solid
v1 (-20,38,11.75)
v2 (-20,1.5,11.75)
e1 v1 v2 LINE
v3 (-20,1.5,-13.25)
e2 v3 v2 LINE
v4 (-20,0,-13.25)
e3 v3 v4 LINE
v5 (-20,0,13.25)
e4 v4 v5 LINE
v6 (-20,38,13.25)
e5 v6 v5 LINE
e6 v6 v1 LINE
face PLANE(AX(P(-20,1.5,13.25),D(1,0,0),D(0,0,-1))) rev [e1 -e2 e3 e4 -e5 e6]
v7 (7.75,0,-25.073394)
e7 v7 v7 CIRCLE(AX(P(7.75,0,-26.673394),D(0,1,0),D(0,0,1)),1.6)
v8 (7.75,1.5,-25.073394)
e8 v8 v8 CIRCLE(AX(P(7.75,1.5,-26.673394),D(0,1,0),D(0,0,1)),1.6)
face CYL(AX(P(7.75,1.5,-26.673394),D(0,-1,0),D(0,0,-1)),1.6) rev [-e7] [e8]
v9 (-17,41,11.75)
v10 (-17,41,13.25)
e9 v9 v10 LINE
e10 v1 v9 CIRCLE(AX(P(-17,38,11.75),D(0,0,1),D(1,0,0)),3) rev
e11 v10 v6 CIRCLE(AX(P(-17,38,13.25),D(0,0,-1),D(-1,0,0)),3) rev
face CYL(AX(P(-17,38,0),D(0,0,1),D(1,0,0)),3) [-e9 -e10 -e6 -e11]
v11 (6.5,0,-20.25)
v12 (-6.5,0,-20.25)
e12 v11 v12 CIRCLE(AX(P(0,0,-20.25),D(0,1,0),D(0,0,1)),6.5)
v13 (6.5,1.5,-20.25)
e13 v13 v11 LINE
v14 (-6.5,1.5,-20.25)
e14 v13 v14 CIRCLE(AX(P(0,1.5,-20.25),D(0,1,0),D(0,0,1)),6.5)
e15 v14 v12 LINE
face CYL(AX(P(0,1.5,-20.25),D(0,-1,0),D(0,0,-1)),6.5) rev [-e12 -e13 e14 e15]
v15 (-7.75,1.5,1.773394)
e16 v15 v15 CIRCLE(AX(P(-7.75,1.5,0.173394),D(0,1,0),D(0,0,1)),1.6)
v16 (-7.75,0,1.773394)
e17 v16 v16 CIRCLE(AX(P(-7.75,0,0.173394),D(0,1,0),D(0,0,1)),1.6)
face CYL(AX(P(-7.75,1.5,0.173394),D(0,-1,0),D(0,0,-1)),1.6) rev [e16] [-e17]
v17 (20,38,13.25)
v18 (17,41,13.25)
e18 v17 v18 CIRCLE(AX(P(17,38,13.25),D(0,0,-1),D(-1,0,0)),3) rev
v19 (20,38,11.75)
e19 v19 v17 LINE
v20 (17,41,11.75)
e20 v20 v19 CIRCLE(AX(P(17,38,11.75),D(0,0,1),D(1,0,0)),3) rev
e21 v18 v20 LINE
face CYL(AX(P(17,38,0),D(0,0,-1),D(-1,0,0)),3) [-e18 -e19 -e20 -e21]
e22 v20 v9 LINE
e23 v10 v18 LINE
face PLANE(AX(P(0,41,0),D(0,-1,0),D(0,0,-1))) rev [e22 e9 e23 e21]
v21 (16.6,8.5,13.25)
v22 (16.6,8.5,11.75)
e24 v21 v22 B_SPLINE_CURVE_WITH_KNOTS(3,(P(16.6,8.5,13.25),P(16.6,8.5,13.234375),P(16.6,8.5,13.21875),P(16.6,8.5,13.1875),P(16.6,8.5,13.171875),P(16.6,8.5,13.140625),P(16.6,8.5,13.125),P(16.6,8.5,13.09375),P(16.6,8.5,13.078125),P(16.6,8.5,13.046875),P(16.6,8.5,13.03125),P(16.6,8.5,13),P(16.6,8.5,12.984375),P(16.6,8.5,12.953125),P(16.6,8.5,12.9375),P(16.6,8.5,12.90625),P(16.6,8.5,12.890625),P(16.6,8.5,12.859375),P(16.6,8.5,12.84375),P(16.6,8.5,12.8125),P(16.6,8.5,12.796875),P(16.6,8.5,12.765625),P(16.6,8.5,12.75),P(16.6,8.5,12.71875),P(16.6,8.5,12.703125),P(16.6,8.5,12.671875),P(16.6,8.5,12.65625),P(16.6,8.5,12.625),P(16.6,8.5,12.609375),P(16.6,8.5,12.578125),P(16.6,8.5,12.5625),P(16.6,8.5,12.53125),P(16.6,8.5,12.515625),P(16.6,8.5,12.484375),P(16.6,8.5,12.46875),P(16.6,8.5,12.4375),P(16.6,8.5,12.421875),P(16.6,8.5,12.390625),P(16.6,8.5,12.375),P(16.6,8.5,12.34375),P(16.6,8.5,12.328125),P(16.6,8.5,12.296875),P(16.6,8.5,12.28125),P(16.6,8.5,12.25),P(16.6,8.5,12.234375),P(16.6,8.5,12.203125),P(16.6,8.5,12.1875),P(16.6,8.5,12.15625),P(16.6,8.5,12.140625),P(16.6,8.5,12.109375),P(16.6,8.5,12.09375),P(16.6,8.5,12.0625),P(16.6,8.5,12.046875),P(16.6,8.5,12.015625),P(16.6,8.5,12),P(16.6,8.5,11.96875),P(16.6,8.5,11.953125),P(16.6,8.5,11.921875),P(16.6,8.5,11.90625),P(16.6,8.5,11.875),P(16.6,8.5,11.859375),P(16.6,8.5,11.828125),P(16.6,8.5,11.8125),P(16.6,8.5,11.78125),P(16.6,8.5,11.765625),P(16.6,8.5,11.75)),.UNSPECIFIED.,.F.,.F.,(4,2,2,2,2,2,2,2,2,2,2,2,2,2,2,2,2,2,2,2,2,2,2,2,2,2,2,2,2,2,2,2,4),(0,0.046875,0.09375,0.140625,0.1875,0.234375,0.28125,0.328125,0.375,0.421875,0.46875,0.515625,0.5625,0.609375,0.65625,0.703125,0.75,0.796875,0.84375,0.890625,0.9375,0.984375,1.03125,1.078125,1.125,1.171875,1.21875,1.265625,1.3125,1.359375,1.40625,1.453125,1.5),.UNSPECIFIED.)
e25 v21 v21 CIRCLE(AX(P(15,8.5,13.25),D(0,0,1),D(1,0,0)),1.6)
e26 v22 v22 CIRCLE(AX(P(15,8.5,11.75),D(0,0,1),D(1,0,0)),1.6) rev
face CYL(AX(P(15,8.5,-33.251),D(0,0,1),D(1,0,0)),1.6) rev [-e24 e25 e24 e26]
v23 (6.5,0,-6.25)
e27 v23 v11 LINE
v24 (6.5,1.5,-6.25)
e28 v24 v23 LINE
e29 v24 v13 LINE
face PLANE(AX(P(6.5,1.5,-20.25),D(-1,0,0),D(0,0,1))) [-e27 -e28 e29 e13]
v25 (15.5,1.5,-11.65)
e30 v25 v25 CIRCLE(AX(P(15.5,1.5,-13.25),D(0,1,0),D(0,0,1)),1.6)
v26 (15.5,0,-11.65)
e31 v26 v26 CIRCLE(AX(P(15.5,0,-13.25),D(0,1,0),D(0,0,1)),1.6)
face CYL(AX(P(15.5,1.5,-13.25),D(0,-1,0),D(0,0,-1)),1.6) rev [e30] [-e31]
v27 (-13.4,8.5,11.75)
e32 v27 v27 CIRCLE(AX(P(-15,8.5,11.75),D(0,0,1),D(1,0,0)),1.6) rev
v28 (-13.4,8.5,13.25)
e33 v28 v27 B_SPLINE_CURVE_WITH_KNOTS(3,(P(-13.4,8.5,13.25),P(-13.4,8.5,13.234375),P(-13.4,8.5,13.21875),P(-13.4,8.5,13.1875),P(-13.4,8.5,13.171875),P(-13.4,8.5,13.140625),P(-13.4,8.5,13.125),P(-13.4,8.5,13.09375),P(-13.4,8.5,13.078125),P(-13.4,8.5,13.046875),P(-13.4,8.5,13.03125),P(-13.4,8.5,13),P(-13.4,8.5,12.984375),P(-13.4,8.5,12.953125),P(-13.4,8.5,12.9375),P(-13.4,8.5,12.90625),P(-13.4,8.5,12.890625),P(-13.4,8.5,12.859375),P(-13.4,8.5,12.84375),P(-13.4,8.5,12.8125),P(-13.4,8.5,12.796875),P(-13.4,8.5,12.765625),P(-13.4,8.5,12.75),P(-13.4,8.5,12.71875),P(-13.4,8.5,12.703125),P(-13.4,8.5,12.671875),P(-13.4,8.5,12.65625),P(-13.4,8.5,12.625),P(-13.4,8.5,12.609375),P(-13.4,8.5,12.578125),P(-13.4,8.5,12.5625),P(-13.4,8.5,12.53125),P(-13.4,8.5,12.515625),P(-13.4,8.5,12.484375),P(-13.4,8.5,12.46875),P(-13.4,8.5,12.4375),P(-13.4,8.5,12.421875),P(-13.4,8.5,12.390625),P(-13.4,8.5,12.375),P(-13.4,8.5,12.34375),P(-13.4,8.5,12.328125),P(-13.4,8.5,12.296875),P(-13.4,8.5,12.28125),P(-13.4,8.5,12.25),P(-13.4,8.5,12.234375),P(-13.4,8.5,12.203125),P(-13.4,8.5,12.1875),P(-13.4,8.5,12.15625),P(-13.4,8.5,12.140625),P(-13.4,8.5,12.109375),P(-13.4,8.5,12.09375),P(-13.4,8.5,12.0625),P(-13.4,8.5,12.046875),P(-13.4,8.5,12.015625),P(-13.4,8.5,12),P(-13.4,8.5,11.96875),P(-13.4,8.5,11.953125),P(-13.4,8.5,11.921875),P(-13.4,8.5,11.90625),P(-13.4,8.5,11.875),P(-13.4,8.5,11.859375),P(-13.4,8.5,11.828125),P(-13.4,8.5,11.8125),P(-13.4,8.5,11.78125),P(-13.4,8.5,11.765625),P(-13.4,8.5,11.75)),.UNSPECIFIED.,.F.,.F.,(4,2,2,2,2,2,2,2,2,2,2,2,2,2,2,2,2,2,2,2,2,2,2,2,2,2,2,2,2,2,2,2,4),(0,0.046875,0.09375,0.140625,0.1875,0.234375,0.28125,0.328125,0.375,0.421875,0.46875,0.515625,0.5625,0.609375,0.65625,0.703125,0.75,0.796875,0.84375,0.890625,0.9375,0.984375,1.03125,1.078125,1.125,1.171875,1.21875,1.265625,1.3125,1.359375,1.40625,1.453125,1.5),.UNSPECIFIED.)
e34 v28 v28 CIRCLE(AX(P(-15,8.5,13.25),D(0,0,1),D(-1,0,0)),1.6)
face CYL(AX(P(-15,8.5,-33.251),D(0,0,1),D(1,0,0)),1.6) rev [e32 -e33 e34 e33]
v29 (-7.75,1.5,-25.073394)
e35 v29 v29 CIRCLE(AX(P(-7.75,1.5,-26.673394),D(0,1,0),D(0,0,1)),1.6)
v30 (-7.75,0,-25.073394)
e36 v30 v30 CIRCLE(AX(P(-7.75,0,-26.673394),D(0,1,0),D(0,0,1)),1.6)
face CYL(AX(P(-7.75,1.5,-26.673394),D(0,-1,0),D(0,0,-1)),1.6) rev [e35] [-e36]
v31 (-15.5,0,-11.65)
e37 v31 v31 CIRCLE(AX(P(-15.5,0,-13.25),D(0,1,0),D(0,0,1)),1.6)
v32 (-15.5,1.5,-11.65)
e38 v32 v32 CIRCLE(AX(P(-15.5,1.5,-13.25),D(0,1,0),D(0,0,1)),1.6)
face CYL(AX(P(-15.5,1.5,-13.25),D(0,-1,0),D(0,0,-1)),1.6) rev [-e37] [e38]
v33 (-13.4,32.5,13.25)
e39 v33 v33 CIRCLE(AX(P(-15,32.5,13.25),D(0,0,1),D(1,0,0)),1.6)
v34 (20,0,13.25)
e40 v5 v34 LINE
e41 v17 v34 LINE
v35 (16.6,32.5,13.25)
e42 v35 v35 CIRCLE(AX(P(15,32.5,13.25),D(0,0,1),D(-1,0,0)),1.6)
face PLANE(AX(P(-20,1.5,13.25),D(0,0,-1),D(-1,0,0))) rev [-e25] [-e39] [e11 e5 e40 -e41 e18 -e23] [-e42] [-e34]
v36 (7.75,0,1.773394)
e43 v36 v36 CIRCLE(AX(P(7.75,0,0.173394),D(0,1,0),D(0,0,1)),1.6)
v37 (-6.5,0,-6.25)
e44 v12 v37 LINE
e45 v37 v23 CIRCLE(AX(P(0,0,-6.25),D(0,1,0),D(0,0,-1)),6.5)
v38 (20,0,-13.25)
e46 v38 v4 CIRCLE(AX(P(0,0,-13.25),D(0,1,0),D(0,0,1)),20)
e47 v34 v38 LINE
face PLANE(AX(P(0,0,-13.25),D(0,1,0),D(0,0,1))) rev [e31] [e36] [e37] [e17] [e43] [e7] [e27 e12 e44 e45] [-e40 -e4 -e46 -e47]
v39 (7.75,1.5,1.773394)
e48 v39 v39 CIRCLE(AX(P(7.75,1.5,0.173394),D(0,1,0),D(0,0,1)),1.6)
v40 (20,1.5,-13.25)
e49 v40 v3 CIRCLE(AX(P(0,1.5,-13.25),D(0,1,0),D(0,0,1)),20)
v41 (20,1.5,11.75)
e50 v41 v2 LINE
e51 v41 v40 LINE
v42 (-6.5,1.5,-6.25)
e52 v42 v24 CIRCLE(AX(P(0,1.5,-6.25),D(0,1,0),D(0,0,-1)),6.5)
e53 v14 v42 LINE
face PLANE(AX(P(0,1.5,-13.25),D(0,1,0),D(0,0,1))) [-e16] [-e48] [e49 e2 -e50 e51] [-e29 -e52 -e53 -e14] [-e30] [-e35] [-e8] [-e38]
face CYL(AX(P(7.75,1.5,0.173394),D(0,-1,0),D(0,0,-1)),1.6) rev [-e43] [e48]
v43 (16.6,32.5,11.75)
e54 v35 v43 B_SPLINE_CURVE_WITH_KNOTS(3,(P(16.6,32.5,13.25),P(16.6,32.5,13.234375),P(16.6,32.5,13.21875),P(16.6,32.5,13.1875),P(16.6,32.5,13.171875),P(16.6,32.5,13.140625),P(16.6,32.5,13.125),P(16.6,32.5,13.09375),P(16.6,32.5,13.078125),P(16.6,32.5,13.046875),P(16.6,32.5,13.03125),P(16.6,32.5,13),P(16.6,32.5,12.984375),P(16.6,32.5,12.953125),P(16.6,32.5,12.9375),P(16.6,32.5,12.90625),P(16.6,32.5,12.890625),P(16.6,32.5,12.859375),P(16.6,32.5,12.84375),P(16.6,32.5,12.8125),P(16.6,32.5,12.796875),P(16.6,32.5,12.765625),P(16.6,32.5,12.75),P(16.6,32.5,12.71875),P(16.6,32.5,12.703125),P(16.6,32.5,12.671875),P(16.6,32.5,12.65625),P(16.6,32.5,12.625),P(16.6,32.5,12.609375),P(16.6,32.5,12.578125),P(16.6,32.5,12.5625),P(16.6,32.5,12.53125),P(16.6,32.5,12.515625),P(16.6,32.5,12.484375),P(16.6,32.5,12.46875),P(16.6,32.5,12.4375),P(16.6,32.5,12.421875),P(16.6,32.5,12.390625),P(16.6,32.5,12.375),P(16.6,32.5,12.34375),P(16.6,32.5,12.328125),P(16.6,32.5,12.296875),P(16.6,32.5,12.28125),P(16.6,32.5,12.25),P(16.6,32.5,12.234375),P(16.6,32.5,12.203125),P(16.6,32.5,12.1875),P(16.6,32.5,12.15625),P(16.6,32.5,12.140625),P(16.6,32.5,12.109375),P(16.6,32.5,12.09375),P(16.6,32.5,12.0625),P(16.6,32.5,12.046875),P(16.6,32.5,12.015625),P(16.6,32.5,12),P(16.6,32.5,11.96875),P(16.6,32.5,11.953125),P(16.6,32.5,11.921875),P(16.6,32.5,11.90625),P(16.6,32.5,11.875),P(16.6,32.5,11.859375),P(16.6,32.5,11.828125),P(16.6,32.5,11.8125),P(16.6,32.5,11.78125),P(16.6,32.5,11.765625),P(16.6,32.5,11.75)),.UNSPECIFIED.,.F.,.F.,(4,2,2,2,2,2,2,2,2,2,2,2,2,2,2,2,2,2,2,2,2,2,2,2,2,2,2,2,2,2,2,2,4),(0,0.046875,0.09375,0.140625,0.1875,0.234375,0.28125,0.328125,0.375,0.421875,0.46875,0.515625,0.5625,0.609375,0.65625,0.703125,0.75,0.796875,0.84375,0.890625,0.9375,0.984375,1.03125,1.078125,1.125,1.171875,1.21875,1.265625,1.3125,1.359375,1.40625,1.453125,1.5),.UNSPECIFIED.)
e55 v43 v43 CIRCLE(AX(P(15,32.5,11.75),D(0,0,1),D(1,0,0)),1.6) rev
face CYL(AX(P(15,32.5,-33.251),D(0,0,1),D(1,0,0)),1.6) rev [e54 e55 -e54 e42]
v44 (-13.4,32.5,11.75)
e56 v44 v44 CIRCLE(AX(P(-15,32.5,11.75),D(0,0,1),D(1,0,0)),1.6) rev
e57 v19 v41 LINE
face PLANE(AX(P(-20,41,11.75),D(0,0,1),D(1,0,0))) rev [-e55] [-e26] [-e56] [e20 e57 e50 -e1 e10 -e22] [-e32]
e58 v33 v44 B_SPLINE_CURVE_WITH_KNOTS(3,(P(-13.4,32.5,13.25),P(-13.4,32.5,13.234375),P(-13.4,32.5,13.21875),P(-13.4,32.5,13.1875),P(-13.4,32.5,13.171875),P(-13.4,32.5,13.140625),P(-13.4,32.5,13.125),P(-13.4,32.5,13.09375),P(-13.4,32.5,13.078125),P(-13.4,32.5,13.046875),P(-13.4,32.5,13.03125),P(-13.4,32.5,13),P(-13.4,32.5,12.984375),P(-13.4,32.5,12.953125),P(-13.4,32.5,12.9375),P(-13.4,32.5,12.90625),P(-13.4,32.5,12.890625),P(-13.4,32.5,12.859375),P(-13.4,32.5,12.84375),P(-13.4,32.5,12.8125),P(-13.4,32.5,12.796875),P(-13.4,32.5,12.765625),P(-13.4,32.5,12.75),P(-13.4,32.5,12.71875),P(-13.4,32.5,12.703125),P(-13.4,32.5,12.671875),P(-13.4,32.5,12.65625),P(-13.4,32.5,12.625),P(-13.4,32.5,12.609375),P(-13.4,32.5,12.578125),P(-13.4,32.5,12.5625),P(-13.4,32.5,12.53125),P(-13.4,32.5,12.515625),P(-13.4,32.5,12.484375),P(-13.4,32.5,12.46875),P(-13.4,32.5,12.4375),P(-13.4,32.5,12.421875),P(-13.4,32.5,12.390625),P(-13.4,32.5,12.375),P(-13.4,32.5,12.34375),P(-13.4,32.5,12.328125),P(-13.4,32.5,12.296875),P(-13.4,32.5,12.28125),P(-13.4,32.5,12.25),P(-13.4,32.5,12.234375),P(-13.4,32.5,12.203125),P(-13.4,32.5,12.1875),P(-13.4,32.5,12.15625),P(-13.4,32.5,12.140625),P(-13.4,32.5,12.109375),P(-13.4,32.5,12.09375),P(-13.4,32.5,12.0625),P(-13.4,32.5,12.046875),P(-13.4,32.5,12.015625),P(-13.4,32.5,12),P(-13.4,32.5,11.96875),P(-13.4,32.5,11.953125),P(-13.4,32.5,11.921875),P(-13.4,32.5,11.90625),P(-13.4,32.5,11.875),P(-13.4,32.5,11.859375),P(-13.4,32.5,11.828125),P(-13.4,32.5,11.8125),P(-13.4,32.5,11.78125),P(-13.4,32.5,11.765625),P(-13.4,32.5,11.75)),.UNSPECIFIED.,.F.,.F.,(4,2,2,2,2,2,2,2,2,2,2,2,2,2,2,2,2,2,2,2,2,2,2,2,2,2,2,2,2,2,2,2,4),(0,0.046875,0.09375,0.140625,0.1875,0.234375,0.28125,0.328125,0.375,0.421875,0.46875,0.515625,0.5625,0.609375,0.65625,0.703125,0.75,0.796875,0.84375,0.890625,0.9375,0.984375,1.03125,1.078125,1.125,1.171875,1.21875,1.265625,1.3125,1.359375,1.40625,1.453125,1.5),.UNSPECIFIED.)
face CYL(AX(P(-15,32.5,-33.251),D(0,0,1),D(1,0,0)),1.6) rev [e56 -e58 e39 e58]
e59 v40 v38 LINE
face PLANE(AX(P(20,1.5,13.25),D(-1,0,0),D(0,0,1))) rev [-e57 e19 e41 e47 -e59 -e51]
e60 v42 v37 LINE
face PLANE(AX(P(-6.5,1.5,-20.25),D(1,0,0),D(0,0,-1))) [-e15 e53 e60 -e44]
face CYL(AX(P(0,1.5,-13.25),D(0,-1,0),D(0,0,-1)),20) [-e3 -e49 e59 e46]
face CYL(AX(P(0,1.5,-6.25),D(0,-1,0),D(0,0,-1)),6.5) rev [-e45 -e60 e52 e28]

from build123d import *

# Parameters (mm, degrees)
SKETCH_1_R          = 1.6
EXTRUDE_1_DEPTH     = 1.5
SKETCH_3_W          = 40
SKETCH_3_H          = 1.5
EXTRUDE_2_DEPTH     = 39.5
CUT_EXTRUDE_1_REACH = 67.14
SKETCH_4_R          = 1.6
FILLET_1_R          = 3


with BuildPart() as part:
    # 草图1 → 凸台-拉伸1 (new body)
    with BuildSketch(Plane(origin=(0, 0, 0), x_dir=(1, 0, 0), z_dir=(0, 1, 0))):
        with BuildLine():
            Line((-20, -13.25), (20, -13.25))
            Line((20, -13.25), (20, 13.25))
            ThreePointArc((20, 13.25), (0, 33.25), (-20, 13.25))
            Line((-20, 13.25), (-20, -13.25))
        make_face()
        with Locations(Location((15.5, 13.25, 0), (0, 0, 270))):
            Circle(SKETCH_1_R, mode=Mode.SUBTRACT)
        with Locations(Location((7.75, -0.173393759, 0), (0, 0, 270))):
            Circle(SKETCH_1_R, mode=Mode.SUBTRACT)
        with Locations(Location((-7.75, -0.173393759, 0), (0, 0, 270))):
            Circle(SKETCH_1_R, mode=Mode.SUBTRACT)
        with Locations(Location((-15.5, 13.25, 0), (0, 0, 270))):
            Circle(SKETCH_1_R, mode=Mode.SUBTRACT)
        with Locations(Location((-7.75, 26.673393759, 0), (0, 0, 270))):
            Circle(SKETCH_1_R, mode=Mode.SUBTRACT)
        with Locations(Location((7.75, 26.673393759, 0), (0, 0, 270))):
            Circle(SKETCH_1_R, mode=Mode.SUBTRACT)
        with BuildLine():
            Line((-6.5, 20.25), (-6.5, 6.25))
            ThreePointArc((-6.5, 6.25), (0, -0.25), (6.5, 6.25))
            Line((6.5, 6.25), (6.5, 20.25))
            ThreePointArc((6.5, 20.25), (0, 26.75), (-6.5, 20.25))
        make_face(mode=Mode.SUBTRACT)
    extrude(amount=EXTRUDE_1_DEPTH)

    # 草图3 → 凸台-拉伸2 (add)
    with BuildSketch(Plane(origin=(0, 1.5, 0), x_dir=(1, 0, 0), z_dir=(0, 1, 0))):
        with Locations((0, -12.5)):
            Rectangle(SKETCH_3_W, SKETCH_3_H)
    extrude(amount=EXTRUDE_2_DEPTH)

    # 草图4 → 切除-拉伸1 (cut, up to next)
    with BuildSketch(Plane.XY.offset(13.25), mode=Mode.PRIVATE) as cut_extrude_1_sk1:
        with Locations((-15, 32.5)):
            Circle(SKETCH_4_R)
    cut_extrude_1_tool1 = extrude(cut_extrude_1_sk1.sketch, amount=-CUT_EXTRUDE_1_REACH, mode=Mode.PRIVATE) & part.part
    # 草图4 → 切除-拉伸1 (cut, up to next)
    with BuildSketch(Plane.XY.offset(13.25), mode=Mode.PRIVATE) as cut_extrude_1_sk2:
        with Locations((15, 32.5)):
            Circle(SKETCH_4_R)
    cut_extrude_1_tool2 = extrude(cut_extrude_1_sk2.sketch, amount=-CUT_EXTRUDE_1_REACH, mode=Mode.PRIVATE) & part.part
    # 草图4 → 切除-拉伸1 (cut, up to next)
    with BuildSketch(Plane.XY.offset(13.25), mode=Mode.PRIVATE) as cut_extrude_1_sk3:
        with Locations((15, 8.5)):
            Circle(SKETCH_4_R)
    cut_extrude_1_tool3 = extrude(cut_extrude_1_sk3.sketch, amount=-CUT_EXTRUDE_1_REACH, mode=Mode.PRIVATE) & part.part
    # 草图4 → 切除-拉伸1 (cut, up to next)
    with BuildSketch(Plane.XY.offset(13.25), mode=Mode.PRIVATE) as cut_extrude_1_sk4:
        with Locations((-15, 8.5)):
            Circle(SKETCH_4_R)
    cut_extrude_1_tool4 = extrude(cut_extrude_1_sk4.sketch, amount=-CUT_EXTRUDE_1_REACH, mode=Mode.PRIVATE) & part.part
    add(cut_extrude_1_tool1.solids().sort_by_distance((-15, 32.5, 13.25))[0], mode=Mode.SUBTRACT)
    add(cut_extrude_1_tool2.solids().sort_by_distance((15, 32.5, 13.25))[0], mode=Mode.SUBTRACT)
    add(cut_extrude_1_tool3.solids().sort_by_distance((15, 8.5, 13.25))[0], mode=Mode.SUBTRACT)
    add(cut_extrude_1_tool4.solids().sort_by_distance((-15, 8.5, 13.25))[0], mode=Mode.SUBTRACT)

    # 圆角1
    fillet_1_edges = [part.edges().sort_by_distance(p)[0] for p in [
        (-20, 41, 12.5),
        (20, 41, 12.5),
    ]]
    fillet(fillet_1_edges, radius=FILLET_1_R)


solid = part.part
